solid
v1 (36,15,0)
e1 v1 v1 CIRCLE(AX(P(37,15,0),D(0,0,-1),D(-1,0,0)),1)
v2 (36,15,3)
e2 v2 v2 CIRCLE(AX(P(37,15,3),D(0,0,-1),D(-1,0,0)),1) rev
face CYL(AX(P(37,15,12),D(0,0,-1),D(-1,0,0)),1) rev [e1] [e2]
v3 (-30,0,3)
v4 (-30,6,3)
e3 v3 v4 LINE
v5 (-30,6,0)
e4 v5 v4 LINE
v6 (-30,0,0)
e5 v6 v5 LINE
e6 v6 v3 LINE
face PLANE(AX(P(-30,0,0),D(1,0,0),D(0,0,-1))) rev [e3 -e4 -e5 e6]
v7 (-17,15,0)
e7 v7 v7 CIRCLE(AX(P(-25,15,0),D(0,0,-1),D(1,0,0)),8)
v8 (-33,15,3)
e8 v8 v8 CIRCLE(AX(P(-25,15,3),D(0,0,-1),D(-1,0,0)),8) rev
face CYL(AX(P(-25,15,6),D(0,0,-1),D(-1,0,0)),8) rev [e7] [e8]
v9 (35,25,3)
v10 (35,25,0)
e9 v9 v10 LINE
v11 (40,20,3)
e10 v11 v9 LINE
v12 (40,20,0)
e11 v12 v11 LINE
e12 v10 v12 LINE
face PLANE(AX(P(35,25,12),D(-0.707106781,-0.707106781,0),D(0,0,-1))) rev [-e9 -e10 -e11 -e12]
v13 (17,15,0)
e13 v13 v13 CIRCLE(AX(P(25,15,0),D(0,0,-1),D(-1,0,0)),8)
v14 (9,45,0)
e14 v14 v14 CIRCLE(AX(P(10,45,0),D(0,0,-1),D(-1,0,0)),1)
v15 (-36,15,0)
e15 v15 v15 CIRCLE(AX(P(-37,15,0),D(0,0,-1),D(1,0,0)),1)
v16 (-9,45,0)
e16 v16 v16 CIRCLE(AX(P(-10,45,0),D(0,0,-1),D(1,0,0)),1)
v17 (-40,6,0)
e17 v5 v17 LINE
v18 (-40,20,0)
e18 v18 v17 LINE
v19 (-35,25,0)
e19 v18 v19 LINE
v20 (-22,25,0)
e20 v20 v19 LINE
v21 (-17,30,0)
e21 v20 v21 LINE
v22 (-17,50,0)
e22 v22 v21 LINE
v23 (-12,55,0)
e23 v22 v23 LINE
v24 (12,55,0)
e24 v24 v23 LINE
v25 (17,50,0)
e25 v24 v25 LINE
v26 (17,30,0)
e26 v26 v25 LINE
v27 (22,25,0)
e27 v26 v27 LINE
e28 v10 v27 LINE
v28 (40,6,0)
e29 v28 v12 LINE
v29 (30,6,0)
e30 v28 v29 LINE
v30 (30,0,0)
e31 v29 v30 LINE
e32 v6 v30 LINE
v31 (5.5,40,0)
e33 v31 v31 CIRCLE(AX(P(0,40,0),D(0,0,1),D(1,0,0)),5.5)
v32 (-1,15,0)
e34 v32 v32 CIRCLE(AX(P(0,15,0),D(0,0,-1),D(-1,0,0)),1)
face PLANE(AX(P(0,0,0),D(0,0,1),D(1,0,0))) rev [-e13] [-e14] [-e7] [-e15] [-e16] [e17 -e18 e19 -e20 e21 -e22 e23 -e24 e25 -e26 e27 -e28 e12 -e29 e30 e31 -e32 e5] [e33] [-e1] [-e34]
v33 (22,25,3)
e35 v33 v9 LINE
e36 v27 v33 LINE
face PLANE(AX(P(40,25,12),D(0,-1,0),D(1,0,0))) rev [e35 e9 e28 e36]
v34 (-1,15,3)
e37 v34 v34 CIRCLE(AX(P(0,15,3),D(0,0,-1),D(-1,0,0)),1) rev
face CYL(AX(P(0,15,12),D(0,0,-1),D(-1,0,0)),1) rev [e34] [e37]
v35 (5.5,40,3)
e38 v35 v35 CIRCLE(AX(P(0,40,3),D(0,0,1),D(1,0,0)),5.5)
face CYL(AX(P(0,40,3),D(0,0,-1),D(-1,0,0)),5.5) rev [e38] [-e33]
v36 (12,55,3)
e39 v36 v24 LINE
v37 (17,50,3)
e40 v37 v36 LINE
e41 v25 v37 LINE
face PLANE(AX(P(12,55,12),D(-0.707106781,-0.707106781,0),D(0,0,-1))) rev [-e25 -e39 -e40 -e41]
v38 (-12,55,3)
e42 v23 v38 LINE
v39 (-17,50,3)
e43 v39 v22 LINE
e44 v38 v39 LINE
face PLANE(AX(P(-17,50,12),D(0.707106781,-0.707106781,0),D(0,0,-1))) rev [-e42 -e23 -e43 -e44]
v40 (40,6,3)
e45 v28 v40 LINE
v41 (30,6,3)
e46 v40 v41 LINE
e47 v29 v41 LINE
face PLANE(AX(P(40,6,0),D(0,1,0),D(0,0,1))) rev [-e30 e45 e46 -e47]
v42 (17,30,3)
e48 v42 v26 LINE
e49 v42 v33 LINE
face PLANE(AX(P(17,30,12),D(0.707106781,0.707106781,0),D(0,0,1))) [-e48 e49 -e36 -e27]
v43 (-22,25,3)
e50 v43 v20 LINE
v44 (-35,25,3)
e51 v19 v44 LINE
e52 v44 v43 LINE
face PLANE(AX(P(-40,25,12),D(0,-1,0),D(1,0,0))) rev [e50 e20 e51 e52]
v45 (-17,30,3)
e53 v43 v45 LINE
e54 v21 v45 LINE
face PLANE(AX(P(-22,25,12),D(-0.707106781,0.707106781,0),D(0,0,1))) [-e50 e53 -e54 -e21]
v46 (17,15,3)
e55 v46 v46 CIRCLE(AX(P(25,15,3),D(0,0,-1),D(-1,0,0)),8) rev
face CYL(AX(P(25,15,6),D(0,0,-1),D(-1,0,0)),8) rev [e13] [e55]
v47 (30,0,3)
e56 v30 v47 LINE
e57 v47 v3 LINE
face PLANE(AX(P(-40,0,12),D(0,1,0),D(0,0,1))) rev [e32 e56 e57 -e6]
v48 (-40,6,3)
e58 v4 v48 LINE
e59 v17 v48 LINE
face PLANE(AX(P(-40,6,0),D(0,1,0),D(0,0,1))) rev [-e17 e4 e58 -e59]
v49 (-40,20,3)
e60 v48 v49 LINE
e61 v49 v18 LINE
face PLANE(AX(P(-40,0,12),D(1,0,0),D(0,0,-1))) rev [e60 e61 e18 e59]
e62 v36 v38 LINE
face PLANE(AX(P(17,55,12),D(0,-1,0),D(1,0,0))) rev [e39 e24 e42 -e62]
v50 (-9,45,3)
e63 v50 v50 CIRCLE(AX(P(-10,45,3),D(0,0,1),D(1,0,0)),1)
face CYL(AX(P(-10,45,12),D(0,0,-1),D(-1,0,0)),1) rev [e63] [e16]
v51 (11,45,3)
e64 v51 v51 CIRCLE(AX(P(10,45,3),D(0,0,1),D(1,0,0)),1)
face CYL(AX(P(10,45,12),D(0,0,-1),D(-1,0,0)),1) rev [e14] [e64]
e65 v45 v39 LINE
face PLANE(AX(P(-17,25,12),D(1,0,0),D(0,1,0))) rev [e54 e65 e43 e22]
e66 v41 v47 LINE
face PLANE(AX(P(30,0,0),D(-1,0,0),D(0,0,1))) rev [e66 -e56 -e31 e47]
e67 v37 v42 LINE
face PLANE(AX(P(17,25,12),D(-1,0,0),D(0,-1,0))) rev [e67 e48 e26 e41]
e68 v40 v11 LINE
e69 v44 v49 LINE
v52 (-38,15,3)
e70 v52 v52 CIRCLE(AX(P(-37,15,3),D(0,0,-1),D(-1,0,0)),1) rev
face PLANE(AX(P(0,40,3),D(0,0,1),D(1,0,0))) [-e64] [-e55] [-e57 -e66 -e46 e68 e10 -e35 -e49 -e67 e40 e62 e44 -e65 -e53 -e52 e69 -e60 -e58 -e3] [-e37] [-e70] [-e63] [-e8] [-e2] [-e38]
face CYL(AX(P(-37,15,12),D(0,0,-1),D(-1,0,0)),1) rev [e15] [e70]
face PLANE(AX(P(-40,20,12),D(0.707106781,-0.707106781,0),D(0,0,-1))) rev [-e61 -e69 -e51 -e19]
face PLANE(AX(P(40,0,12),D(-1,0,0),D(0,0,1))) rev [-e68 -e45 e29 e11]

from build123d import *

# Parameters (mm, degrees)
ESQUISSE1_R             = 13
BOSS_EXTRU_1_DEPTH      = 12
BOSS_EXTRU_2_START      = -12
ESQUISSE2_R             = 13
ESQUISSE2_R_2           = 5.5
BOSS_EXTRU_2_DEPTH      = 3
ESQUISSE4_R             = 8
ENL_V_MAT_EXTRU_2_DEPTH = 6
ESQUISSE5_R             = 3
ENL_V_MAT_EXTRU_3_DEPTH = 69.271516755
ESQUISSE6_W             = 10
ESQUISSE6_H             = 6
ENL_V_MAT_EXTRU_4_DEPTH = 12
CHANFREIN1_SIZE         = 5
ESQUISSE7_R             = 1
ENL_V_MAT_EXTRU_5_DEPTH = 12
ESQUISSE8_W             = 80
ESQUISSE8_H             = 9
ENL_V_MAT_EXTRU_6_DEPTH = 70.057946682


with BuildPart() as part:
    # Esquisse1 → Boss.-Extru.1 (new body)
    with BuildSketch(Plane.XY):
        Polygon((-40, 0), (40, 0), (40, 25), (17, 25), (17, 55), (-17, 55), (-17, 25), (-40, 25), align=None)
        with Locations((0, 40)):
            Circle(ESQUISSE1_R, mode=Mode.SUBTRACT)
    extrude(amount=BOSS_EXTRU_1_DEPTH)

    # Esquisse2 → Boss.-Extru.2 (add)
    with BuildSketch(Plane.XY.offset(12).offset(BOSS_EXTRU_2_START)):
        with Locations((0, 40)):
            Circle(ESQUISSE2_R)
        with Locations((0, 40)):
            Circle(ESQUISSE2_R_2, mode=Mode.SUBTRACT)
    extrude(amount=BOSS_EXTRU_2_DEPTH)

    # Esquisse4 → Enlèv. mat.-Extru.2 (cut)
    with BuildSketch(Plane(origin=(0, 0, 0), x_dir=(-1, 0, 0), z_dir=(0, 0, -1))):
        with Locations((-25, 15)):
            Circle(ESQUISSE4_R)
        with Locations(Location((25, 15, 0), (0, 0, 180))):
            Circle(ESQUISSE4_R)
    extrude(amount=-ENL_V_MAT_EXTRU_2_DEPTH, mode=Mode.SUBTRACT)

    # Esquisse5 → Enlèv. mat.-Extru.3 (cut, through all)
    with BuildSketch(Plane(origin=(0, 0, 6), x_dir=(-1, 0, 0), z_dir=(0, 0, -1))):
        with Locations((-25, 15)):
            Circle(ESQUISSE5_R)
        with Locations(Location((25, 15, 0), (0, 0, 180))):
            Circle(ESQUISSE5_R)
    extrude(amount=-ENL_V_MAT_EXTRU_3_DEPTH, mode=Mode.SUBTRACT)

    # Esquisse6 → Enlèv. mat.-Extru.4 (cut)
    with BuildSketch(Plane.XY.offset(12)):
        with Locations((35, 3)):
            Rectangle(ESQUISSE6_W, ESQUISSE6_H)
        with Locations((-35, 3)):
            Rectangle(ESQUISSE6_W, ESQUISSE6_H)
    extrude(amount=-ENL_V_MAT_EXTRU_4_DEPTH, mode=Mode.SUBTRACT)

    # Chanfrein1
    chanfrein1_edges = [part.edges().sort_by_distance(p)[0] for p in [
        (-17, 55, 6),
        (17, 55, 6),
        (17, 25, 6),
        (40, 25, 6),
        (-40, 25, 6),
        (-17, 25, 6),
    ]]
    chamfer(chanfrein1_edges, length=CHANFREIN1_SIZE)

    # Esquisse7 → Enlèv. mat.-Extru.5 (cut)
    with BuildSketch(Plane(origin=(0, 0, 0), x_dir=(-1, 0, 0), z_dir=(0, 0, -1))):
        with Locations((-10, 45)):
            Circle(ESQUISSE7_R)
        with Locations(Location((10, 45, 0), (0, 0, 180))):
            Circle(ESQUISSE7_R)
        with Locations((-37, 15)):
            Circle(ESQUISSE7_R)
        with Locations(Location((37, 15, 0), (0, 0, 180))):
            Circle(ESQUISSE7_R)
        with Locations((0, 15)):
            Circle(ESQUISSE7_R)
    extrude(amount=-ENL_V_MAT_EXTRU_5_DEPTH, mode=Mode.SUBTRACT)

    # Esquisse8 → Enlèv. mat.-Extru.6 (cut, through all)
    with BuildSketch(Plane(origin=(0, 55, 0), x_dir=(1, 0, 0), z_dir=(0, 1, 0))):
        with Locations((0, -7.5)):
            Rectangle(ESQUISSE8_W, ESQUISSE8_H)
    extrude(amount=-ENL_V_MAT_EXTRU_6_DEPTH, mode=Mode.SUBTRACT)


solid = part.part
